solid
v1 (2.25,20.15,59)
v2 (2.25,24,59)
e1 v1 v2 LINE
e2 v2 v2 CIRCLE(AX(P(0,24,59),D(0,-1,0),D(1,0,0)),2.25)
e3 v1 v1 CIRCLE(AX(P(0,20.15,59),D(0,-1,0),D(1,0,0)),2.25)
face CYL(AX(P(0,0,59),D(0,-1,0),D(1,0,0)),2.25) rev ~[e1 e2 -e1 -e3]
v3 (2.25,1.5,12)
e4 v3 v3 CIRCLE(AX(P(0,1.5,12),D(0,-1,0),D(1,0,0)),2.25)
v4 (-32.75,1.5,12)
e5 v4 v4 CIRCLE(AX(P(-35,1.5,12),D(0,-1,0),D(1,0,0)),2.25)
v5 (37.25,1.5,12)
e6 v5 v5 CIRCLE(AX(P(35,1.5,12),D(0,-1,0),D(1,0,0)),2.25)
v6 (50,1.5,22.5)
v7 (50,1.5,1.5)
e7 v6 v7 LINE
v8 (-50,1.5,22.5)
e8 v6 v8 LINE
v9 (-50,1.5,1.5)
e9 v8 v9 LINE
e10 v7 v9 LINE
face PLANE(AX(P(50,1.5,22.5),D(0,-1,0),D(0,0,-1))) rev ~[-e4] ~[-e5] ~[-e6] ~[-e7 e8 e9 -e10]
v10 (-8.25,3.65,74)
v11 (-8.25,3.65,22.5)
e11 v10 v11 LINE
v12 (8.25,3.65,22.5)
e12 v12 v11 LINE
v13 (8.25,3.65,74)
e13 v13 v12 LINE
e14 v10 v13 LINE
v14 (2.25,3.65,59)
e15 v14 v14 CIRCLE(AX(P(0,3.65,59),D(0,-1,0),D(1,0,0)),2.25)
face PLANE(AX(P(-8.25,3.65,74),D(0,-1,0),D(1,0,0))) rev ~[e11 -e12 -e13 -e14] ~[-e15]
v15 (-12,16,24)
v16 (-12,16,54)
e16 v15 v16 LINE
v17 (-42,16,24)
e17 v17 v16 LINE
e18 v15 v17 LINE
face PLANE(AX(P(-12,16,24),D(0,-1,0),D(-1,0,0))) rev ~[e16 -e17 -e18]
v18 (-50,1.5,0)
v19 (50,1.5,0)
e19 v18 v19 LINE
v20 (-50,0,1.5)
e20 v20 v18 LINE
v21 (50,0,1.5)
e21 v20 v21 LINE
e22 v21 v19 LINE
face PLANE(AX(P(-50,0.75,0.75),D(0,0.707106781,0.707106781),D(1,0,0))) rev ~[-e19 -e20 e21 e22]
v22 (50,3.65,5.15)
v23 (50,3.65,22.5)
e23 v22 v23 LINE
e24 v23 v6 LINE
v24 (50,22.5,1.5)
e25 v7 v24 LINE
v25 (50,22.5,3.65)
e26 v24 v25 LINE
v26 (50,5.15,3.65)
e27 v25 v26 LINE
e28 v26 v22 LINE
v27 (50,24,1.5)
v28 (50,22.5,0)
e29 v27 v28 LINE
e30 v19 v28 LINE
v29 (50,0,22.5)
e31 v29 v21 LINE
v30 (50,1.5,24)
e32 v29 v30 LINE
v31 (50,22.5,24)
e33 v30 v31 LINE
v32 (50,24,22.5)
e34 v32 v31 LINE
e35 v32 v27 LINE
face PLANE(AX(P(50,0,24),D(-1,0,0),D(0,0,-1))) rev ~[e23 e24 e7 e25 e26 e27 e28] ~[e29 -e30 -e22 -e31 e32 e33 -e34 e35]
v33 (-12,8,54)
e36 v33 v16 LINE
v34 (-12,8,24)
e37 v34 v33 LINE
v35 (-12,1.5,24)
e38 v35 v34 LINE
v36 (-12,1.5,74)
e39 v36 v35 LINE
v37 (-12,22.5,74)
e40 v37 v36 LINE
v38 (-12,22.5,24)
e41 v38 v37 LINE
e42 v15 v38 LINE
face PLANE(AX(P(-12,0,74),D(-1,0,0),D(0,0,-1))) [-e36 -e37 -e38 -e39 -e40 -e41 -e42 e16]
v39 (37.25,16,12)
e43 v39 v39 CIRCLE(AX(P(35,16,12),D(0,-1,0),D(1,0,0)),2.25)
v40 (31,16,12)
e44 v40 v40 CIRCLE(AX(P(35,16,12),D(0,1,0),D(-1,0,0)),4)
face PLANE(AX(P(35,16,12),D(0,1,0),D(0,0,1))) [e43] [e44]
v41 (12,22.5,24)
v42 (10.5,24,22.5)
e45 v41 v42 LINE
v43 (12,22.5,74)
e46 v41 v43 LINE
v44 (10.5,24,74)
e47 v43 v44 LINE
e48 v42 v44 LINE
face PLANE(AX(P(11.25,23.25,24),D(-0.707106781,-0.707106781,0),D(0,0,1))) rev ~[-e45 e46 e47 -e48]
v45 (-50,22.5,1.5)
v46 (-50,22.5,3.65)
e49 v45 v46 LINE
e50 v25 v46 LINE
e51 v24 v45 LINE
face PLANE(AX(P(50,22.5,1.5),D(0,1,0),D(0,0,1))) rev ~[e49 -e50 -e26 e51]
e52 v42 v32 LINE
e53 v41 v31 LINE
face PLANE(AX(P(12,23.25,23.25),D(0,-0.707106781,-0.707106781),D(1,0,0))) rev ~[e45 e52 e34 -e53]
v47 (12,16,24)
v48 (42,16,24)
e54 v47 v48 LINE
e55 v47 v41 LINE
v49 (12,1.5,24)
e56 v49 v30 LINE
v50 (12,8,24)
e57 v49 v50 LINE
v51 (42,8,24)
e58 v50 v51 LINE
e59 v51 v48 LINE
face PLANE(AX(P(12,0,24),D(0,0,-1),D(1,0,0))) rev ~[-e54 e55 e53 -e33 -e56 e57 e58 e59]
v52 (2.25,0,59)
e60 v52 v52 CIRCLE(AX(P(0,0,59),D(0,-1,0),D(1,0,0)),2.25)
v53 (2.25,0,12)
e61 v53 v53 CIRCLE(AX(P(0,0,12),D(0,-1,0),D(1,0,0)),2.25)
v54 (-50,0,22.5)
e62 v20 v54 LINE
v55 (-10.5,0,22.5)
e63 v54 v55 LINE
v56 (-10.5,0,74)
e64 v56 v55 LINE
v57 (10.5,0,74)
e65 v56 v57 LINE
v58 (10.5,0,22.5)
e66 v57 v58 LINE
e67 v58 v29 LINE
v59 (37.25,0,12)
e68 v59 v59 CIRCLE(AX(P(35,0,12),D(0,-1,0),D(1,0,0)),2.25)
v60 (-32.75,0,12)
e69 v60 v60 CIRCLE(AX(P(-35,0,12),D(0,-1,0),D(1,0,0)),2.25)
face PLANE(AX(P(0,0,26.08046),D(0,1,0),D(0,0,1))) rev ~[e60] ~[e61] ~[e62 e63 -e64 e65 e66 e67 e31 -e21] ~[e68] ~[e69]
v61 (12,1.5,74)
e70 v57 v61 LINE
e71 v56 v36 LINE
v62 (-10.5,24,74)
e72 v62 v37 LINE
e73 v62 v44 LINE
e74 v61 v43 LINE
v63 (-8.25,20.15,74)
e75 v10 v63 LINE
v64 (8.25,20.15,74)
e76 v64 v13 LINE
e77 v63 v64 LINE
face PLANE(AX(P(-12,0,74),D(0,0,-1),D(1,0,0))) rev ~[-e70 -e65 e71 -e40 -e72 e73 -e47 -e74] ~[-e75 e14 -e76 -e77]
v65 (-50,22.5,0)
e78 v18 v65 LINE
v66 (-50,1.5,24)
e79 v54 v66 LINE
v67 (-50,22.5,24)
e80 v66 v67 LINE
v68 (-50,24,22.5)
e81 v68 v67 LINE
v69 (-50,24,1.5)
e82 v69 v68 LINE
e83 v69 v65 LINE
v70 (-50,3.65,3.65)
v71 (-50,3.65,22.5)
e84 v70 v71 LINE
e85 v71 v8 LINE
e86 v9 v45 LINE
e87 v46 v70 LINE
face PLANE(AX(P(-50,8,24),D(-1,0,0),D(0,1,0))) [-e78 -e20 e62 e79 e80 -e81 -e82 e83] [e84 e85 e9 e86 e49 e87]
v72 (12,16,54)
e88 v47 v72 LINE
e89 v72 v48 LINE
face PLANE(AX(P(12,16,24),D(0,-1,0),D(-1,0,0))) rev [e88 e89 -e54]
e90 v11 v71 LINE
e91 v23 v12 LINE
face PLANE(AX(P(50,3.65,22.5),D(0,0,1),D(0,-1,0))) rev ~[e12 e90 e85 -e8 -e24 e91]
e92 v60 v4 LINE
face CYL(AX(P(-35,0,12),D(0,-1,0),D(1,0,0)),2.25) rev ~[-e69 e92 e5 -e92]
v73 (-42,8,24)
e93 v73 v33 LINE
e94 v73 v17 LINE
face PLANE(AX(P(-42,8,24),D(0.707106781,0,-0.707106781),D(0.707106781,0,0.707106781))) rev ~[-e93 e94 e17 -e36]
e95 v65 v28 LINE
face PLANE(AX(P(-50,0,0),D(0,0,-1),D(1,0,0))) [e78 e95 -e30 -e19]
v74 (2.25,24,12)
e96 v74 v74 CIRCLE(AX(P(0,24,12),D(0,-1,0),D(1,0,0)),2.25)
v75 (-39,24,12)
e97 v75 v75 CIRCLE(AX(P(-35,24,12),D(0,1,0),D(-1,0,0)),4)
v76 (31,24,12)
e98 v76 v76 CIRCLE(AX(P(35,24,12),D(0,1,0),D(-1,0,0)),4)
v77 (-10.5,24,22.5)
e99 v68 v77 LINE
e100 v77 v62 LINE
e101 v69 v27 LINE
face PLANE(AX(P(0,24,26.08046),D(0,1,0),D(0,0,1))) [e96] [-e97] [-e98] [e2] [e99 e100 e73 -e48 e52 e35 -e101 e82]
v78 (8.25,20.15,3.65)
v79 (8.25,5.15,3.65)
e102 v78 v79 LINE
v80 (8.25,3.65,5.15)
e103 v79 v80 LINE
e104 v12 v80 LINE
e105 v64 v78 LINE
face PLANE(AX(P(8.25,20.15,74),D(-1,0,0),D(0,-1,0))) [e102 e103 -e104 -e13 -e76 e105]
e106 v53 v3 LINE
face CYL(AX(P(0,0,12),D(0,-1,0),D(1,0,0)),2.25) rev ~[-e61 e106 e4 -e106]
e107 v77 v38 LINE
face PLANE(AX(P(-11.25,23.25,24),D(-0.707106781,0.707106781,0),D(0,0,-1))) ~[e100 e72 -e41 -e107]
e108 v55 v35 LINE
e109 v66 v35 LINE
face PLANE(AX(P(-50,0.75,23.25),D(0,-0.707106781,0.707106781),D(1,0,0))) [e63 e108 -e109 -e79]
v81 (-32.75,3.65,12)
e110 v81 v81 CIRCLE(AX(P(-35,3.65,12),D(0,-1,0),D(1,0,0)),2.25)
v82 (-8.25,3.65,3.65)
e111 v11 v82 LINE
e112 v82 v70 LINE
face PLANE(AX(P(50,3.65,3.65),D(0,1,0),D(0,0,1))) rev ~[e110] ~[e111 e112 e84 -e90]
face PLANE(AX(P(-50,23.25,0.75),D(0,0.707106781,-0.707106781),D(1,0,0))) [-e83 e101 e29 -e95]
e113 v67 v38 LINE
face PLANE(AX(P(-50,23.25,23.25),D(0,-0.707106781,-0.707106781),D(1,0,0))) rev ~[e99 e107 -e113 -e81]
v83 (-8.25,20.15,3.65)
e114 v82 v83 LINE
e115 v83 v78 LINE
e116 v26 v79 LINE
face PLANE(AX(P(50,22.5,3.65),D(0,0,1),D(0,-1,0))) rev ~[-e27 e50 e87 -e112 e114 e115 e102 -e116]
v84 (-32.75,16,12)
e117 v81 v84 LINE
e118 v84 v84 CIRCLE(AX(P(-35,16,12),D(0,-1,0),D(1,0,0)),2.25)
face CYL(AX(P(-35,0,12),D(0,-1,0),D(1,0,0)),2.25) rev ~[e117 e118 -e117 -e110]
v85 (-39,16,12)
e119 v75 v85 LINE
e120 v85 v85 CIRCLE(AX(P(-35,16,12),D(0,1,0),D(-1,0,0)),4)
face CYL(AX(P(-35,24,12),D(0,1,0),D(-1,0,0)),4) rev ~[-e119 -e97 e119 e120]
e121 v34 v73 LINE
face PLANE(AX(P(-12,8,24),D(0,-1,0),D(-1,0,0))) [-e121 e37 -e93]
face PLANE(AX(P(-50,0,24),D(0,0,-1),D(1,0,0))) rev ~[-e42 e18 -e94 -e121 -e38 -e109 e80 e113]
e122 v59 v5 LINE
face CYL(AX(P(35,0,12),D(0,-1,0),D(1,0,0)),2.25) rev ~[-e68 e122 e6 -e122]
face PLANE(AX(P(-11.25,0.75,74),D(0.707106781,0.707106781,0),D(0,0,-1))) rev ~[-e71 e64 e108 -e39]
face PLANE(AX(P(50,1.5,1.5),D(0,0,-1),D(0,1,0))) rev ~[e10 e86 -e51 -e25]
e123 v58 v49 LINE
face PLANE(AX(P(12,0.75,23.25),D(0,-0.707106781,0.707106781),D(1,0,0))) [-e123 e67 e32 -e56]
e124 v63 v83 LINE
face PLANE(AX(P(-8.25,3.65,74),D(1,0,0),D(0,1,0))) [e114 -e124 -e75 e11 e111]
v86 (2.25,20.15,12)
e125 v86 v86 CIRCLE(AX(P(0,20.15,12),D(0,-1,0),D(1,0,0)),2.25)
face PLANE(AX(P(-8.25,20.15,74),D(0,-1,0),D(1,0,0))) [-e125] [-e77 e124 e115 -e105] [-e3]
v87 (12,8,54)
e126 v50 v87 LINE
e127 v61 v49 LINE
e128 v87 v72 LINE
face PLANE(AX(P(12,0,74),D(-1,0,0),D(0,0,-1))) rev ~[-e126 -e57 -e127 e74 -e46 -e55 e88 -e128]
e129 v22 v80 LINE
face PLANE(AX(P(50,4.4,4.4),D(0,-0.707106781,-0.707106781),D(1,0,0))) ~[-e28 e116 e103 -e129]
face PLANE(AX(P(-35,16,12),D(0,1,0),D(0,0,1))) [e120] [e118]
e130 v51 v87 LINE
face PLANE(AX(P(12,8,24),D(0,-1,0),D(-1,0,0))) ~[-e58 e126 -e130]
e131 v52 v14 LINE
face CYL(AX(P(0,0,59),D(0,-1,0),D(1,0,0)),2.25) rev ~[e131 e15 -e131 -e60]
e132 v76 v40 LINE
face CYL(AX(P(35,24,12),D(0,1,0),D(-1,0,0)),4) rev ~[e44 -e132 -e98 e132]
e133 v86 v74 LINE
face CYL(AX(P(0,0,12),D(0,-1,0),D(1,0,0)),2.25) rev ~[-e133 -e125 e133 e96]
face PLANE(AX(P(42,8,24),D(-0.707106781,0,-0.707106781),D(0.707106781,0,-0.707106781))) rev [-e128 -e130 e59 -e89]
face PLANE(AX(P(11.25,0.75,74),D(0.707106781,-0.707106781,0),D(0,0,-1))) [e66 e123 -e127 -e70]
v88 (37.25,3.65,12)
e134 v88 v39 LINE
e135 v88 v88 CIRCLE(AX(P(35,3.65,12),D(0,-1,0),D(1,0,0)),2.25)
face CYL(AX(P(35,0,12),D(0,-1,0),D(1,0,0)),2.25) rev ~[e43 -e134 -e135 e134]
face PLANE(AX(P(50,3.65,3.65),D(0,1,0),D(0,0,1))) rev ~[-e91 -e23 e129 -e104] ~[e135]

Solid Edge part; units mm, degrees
sketch "Sketch1" plane through (0, 0, 0) normal (0, -1, 0) x (1, 0, 0)
  line L0 (-12, 74) -> (12, 74)
  line L1 (12, 74) -> (12, 24)
  line L2 (12, 24) -> (50, 24)
  line L3 (50, 24) -> (50, 0)
  line L4 (-50, 0) -> (50, 0)
  line L5 (-50, 0) -> (-50, 24)
  line L6 (-50, 24) -> (-12, 24)
  line L7 (-12, 74) -> (-12, 24)
extrude "Protrusion1" add sketch "Sketch1" against normal blind 24
sketch "Sketch2" plane through (50, 12, 12) normal (1, 0, 0) x (0, 1, 0)
  line L0 (-8.35, -8.35) -> (-8.35, 10.5)
  line L1 (-8.35, 10.5) -> (-10.5, 10.5)
  line L2 (-10.5, 10.5) -> (-10.5, -10.5)
  line L3 (-10.5, -10.5) -> (10.5, -10.5)
  line L4 (10.5, -10.5) -> (10.5, -8.35)
  line L5 (10.5, -8.35) -> (-8.35, -8.35)
extrude "Cutout1" cut sketch "Sketch2" against normal through all
sketch "Sketch3" plane through (0, 12, 74) normal (0, 0, 1) x (1, 0, 0)
  line L0 (-8.25, -8.35) -> (8.25, -8.35)
  line L1 (8.25, 8.15) -> (8.25, -8.35)
  line L2 (-8.25, 8.15) -> (8.25, 8.15)
  line L3 (-8.25, -8.35) -> (-8.25, 8.15)
extrude "Cutout2" cut sketch "Sketch3" against normal up to surface (72.5 mm away)
sketch "Sketch4" plane through (-31, 12, 24) normal (0, 0, 1) x (0, -1, 0)
  line L0 (4, 19) -> (4, -19)
  line L1 (4, -19) -> (-4, -19)
  line L2 (-4, 19) -> (-4, -19)
  line L3 (-4, 19) -> (4, 19)
extrude "Protrusion2" add sketch "Sketch4" along normal up to surface (50 mm away)
sketch "Sketch5" plane through (-31, 8, 49) normal (0, -1, 0) x (1, 0, 0)
  line L0 (-11, -25) -> (19, 5)
  line L1 (19, 25) -> (19, 5)
  line L2 (-19, 25) -> (19, 25)
  line L3 (-19, -25) -> (-19, 25)
  line L4 (-11, -25) -> (-19, -25)
extrude "Cutout3" cut sketch "Sketch5" against normal through all
mirror "Mirror1" about plane through (0, 0, 0) normal (1, 0, 0) of "Protrusion2", "Cutout3"
chamfer "Chaflán_1" distance 1.5 angle 45 11 edges at (12, 24, 49) (12, 0, 49) (-12, 0, 49) (-12, 24, 49) (-31, 0, 24) (31, 0, 24) (0, 0, 0) (-31, 24, 24) (31, 24, 24) (0, 24, 0) (29.125, 3.65, 3.65)
sketch "Sketch6" plane through (0, 0, 37.75) normal (0, -1, 0) x (1, 0, 0)
  circle A0 centre (0, 21.25) radius 2.25
  circle A1 centre (0, -25.75) radius 2.25
  circle A2 centre (35, -25.75) radius 2.25
  circle A3 centre (-35, -25.75) radius 2.25
  dimension "D1" = 4.5
  dimension "D2" = 4.5
  dimension "D3" = 4.5
  dimension "D4" = 4.5
  dimension "D5" = 15
  dimension "D6" = 15
  dimension "D7" = 15
extrude "Cutout5" cut sketch "Sketch6" against normal through all
sketch "Sketch7" plane through (0, 24, 37.75) normal (0, 1, 0) x (-1, 0, 0)
  circle A0 centre (35, -25.75) radius 4
  circle A1 centre (-35, -25.75) radius 4
extrude "VaciadoExtruido_8" cut sketch "Sketch7" against normal blind 8
